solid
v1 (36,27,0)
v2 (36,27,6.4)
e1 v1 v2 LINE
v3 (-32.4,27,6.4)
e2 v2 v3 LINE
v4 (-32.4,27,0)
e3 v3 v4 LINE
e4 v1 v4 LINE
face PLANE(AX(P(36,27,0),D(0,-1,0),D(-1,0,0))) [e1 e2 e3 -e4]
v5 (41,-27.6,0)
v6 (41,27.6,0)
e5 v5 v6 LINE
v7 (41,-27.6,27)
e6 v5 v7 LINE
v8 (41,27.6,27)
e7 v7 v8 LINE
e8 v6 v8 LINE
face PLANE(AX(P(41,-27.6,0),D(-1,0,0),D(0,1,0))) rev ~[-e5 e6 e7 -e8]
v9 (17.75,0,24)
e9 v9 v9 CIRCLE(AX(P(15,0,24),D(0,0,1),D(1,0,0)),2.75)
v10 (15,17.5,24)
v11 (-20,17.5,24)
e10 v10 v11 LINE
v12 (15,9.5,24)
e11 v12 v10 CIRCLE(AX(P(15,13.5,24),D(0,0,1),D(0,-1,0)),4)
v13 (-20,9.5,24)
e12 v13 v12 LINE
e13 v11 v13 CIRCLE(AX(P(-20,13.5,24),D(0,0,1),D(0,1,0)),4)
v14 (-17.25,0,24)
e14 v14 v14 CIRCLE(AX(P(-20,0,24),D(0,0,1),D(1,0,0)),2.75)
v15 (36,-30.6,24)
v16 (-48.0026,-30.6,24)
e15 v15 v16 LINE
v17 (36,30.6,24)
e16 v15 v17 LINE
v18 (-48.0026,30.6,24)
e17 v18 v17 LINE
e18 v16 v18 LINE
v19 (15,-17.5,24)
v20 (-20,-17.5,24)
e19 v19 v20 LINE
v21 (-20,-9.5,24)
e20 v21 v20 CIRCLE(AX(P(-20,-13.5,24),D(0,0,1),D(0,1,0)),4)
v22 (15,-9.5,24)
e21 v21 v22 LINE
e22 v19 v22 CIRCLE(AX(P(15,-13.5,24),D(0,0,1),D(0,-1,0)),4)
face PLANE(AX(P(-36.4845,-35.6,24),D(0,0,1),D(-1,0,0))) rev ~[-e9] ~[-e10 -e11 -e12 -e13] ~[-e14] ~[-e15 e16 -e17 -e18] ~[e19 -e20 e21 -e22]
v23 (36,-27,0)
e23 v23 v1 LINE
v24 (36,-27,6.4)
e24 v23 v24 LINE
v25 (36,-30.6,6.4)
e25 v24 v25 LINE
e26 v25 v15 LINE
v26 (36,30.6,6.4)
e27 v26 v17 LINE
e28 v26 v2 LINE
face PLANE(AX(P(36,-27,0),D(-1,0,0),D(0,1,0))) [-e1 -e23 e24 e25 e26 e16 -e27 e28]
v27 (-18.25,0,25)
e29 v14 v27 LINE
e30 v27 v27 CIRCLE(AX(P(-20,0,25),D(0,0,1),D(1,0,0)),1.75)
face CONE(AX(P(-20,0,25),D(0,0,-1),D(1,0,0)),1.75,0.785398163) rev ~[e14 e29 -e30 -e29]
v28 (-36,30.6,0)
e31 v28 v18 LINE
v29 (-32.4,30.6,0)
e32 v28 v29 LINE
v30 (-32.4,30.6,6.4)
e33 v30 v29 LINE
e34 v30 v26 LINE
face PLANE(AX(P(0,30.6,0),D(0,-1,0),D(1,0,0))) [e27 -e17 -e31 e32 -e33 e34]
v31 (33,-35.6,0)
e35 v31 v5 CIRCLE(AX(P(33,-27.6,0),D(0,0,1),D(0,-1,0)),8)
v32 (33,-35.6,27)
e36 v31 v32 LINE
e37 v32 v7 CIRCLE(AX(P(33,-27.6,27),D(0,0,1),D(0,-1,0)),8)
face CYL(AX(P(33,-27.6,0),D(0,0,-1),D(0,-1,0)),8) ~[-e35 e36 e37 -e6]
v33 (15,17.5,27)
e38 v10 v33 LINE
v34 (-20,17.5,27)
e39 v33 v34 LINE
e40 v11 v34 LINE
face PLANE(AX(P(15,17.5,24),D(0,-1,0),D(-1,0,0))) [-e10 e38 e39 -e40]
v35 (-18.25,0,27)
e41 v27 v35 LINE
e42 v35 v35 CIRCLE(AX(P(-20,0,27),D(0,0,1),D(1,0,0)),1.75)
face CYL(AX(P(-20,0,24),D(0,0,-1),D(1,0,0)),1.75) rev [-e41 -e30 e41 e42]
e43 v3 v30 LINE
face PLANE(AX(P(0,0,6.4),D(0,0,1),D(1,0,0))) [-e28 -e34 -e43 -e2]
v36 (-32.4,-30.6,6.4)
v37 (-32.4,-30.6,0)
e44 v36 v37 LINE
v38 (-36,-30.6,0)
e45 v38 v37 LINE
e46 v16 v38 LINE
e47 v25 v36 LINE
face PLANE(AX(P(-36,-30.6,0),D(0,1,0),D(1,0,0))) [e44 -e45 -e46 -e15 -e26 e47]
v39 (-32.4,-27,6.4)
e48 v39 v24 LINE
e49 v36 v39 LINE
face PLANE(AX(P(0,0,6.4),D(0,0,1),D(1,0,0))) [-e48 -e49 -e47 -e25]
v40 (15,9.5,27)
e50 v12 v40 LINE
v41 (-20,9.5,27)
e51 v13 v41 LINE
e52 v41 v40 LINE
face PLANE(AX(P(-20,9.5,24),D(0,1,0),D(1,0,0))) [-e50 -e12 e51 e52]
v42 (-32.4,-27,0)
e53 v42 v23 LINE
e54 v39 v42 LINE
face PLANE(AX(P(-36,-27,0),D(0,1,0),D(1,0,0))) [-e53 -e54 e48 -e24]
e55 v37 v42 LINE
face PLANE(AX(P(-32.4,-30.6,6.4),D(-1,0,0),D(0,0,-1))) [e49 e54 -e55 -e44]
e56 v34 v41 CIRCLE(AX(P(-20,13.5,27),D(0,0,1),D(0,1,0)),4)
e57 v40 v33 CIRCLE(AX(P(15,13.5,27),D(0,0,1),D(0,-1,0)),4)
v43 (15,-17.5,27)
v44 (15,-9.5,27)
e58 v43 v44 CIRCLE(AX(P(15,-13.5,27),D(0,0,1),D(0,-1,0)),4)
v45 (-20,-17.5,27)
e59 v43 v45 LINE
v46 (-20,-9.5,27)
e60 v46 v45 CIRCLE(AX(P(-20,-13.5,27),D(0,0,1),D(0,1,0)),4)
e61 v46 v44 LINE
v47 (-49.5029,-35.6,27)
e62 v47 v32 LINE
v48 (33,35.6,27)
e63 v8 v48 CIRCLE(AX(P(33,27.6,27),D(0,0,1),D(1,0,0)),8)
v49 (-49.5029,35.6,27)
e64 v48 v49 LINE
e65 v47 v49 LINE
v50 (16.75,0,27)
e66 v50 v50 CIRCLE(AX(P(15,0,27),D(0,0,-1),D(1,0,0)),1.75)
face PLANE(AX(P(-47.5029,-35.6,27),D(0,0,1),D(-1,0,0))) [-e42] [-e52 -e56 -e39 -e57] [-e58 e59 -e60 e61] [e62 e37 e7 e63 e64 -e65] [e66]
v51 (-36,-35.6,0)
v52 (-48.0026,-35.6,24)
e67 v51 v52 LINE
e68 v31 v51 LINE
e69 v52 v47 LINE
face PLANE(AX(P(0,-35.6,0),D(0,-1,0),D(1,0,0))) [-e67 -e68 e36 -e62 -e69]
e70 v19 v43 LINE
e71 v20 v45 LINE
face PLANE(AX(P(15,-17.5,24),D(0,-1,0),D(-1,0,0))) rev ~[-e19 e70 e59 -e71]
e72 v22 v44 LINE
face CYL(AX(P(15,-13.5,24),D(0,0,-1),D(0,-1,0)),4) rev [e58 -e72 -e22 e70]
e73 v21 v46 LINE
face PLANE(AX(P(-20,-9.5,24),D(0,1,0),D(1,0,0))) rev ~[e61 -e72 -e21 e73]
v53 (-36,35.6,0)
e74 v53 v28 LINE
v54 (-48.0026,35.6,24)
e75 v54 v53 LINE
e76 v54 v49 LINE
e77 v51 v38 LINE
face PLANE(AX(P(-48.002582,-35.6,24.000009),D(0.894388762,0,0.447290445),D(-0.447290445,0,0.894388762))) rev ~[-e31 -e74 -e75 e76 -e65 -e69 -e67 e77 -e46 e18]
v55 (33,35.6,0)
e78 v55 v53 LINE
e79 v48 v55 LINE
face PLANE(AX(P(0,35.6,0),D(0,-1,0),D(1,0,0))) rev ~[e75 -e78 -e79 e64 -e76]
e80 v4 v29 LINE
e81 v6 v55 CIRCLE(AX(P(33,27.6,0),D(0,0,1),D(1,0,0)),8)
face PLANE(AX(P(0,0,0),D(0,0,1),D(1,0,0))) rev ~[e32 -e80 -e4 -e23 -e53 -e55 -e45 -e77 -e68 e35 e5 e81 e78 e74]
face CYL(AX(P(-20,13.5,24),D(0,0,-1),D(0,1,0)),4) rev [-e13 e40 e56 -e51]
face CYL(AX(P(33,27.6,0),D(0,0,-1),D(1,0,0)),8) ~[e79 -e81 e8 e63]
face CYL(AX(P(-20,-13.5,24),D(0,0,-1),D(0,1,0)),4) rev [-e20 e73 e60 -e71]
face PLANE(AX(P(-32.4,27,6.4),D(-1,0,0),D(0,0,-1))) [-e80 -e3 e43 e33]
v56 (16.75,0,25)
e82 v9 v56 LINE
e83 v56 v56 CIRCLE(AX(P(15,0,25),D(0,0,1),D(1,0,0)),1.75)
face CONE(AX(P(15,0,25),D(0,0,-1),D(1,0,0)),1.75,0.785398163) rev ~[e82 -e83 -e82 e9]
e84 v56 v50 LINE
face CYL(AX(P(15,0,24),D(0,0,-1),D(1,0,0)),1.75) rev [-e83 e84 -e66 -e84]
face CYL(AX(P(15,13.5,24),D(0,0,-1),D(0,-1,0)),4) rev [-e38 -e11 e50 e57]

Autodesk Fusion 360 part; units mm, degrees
sketch "Sketch1" plane through (0, 0, 0) normal (0, 0, 1) x (1, 0, 0)
  line L0 (36, 27) -> (-36, 27)
  line L1 (-36, 27) -> (-36, -27)
  line L2 (-36, -27) -> (36, -27)
  line L3 (36, -27) -> (36, 27)
  line L4 (36, 30.6) -> (-36, 30.6)
  line L5 (-36, 35.6) -> (-36, -30.6)
  line L6 (-36, -30.6) -> (36, -30.6)
  line L7 (36, -30.6) -> (36, 30.6)
  line L8 (33, 35.6) -> (-36, 35.6)
  line L9 (41, -27.6) -> (41, 27.6)
  line L10 (33, -35.6) -> (-36, -35.6)
  line L11 (-36, -35.6) -> (-36, 30.6)
  arc A0 (41, 27.6) -> (33, 35.6) centre (33, 27.6) ccw
  arc A1 (33, -35.6) -> (41, -27.6) centre (33, -27.6) ccw
  circle A2 centre (-20, 0) radius 1.75
  circle A3 centre (15, 0) radius 1.75
  line L12 (-20, 9.5) -> (15, 9.5)
  arc A4 (15, 9.5) -> (15, 17.5) centre (15, 13.5) ccw
  line L13 (15, 17.5) -> (-20, 17.5)
  arc A5 (-20, 17.5) -> (-20, 9.5) centre (-20, 13.5) ccw
  line L14 (-20, 13.5) -> (15, 13.5) construction
  line L15 (1.75, 0) -> (22.5, 0)
  line L16 (-20, -9.5) -> (15, -9.5)
  line L17 (15, -17.5) -> (-20, -17.5)
  arc A6 (15, -17.5) -> (15, -9.5) centre (15, -13.5) ccw
  arc A7 (-20, -9.5) -> (-20, -17.5) centre (-20, -13.5) ccw
  dimension "d1" = 72
  dimension "d2" = 54
  dimension "d3" = 61.2
  dimension "d6" = 8
  dimension "d32" = 3.5
  dimension "d33" = 3.5
  dimension "d34" = 8
extrude "Extrude1" add sketch "Sketch1" along normal blind 6.4 contours L3 L4 L5 L6 L7 L8 L9 L10 L11 A0 A1 | L0 L4 L5 L7 L11 | L2 L5 L6 L7 L11
extrude "Extrude2" add sketch "Sketch1" along normal blind 24 contours L3 L4 L5 L6 L7 L8 L9 L10 L11 A0 A1
extrude "Extrude3" add sketch "Sketch1" along normal blind 27 and the other way blind -24
sketch "Sketch2" plane through (0, -35.6, 0) normal (0, -1, 0) x (1, 0, 0)
  line L0 (-36, 0) -> (33, 0)
  line L1 (33, 0) -> (33, 27)
  line L2 (-36, 27) -> (-36, 0)
  line L3 (-36, 0) -> (-49.5029, 27)
  line L4 (-36, 0) -> (-6, 0) construction
  line L5 (-36, 27) -> (-49.5029, 27)
  line L6 (33, 27) -> (-36, 27)
  line L7 (-36, 27) -> (-36, 24)
  line L8 (-36, 24) -> (-36.4845, 24)
  line L9 (-36.4845, 24) -> (-48.0026, 24)
  line L10 (-36, 0) -> (-36, 6.4)
  line L11 (-36, 6.4) -> (-36, 6)
  line L12 (-36, 6.4) -> (-39.2007, 6.4)
  line L13 (-36, 0) -> (-32.4, 0)
  line L14 (-49.5029, 27) -> (-47.5029, 27)
  line L15 (-36, 6.4) -> (-32.4, 6.4)
  line L16 (-32.4, 6.4) -> (-32.4, 0)
  dimension "d11" = 116.57
  dimension "d25" = 6.4
  dimension "d36" = 3.6
  dimension "d37" = 2
extrude "Extrude4" add sketch "Sketch2" against normal blind 5 contours L2 L3 L10 L11 L12 | L2 L3 L8 L9 L12
extrude "Extrude5" add sketch "Sketch2" along normal blind -71.2 and the other way blind 66.2 contours L2 L3 L10 L11 L12 | L2 L3 L8 L9 L12
extrude "Extrude6" add sketch "Sketch2" against normal blind 71.2 contours L2 L3 L5 L7 L8 L9 L14
extrude "Extrude7" cut sketch "Sketch2" along normal blind -8.6 and the other way blind 5 contours L0 L2 L10 L11 L13 L15 L16
extrude "Extrude8" cut sketch "Sketch2" along normal blind -66.2 and the other way blind 62.6 contours L0 L2 L10 L11 L13 L15 L16
chamfer "Chamfer1" distance 1 angle 45 2 edges at (-21.6316, 0.6328, 24) (13.3684, 0.6328, 24)
